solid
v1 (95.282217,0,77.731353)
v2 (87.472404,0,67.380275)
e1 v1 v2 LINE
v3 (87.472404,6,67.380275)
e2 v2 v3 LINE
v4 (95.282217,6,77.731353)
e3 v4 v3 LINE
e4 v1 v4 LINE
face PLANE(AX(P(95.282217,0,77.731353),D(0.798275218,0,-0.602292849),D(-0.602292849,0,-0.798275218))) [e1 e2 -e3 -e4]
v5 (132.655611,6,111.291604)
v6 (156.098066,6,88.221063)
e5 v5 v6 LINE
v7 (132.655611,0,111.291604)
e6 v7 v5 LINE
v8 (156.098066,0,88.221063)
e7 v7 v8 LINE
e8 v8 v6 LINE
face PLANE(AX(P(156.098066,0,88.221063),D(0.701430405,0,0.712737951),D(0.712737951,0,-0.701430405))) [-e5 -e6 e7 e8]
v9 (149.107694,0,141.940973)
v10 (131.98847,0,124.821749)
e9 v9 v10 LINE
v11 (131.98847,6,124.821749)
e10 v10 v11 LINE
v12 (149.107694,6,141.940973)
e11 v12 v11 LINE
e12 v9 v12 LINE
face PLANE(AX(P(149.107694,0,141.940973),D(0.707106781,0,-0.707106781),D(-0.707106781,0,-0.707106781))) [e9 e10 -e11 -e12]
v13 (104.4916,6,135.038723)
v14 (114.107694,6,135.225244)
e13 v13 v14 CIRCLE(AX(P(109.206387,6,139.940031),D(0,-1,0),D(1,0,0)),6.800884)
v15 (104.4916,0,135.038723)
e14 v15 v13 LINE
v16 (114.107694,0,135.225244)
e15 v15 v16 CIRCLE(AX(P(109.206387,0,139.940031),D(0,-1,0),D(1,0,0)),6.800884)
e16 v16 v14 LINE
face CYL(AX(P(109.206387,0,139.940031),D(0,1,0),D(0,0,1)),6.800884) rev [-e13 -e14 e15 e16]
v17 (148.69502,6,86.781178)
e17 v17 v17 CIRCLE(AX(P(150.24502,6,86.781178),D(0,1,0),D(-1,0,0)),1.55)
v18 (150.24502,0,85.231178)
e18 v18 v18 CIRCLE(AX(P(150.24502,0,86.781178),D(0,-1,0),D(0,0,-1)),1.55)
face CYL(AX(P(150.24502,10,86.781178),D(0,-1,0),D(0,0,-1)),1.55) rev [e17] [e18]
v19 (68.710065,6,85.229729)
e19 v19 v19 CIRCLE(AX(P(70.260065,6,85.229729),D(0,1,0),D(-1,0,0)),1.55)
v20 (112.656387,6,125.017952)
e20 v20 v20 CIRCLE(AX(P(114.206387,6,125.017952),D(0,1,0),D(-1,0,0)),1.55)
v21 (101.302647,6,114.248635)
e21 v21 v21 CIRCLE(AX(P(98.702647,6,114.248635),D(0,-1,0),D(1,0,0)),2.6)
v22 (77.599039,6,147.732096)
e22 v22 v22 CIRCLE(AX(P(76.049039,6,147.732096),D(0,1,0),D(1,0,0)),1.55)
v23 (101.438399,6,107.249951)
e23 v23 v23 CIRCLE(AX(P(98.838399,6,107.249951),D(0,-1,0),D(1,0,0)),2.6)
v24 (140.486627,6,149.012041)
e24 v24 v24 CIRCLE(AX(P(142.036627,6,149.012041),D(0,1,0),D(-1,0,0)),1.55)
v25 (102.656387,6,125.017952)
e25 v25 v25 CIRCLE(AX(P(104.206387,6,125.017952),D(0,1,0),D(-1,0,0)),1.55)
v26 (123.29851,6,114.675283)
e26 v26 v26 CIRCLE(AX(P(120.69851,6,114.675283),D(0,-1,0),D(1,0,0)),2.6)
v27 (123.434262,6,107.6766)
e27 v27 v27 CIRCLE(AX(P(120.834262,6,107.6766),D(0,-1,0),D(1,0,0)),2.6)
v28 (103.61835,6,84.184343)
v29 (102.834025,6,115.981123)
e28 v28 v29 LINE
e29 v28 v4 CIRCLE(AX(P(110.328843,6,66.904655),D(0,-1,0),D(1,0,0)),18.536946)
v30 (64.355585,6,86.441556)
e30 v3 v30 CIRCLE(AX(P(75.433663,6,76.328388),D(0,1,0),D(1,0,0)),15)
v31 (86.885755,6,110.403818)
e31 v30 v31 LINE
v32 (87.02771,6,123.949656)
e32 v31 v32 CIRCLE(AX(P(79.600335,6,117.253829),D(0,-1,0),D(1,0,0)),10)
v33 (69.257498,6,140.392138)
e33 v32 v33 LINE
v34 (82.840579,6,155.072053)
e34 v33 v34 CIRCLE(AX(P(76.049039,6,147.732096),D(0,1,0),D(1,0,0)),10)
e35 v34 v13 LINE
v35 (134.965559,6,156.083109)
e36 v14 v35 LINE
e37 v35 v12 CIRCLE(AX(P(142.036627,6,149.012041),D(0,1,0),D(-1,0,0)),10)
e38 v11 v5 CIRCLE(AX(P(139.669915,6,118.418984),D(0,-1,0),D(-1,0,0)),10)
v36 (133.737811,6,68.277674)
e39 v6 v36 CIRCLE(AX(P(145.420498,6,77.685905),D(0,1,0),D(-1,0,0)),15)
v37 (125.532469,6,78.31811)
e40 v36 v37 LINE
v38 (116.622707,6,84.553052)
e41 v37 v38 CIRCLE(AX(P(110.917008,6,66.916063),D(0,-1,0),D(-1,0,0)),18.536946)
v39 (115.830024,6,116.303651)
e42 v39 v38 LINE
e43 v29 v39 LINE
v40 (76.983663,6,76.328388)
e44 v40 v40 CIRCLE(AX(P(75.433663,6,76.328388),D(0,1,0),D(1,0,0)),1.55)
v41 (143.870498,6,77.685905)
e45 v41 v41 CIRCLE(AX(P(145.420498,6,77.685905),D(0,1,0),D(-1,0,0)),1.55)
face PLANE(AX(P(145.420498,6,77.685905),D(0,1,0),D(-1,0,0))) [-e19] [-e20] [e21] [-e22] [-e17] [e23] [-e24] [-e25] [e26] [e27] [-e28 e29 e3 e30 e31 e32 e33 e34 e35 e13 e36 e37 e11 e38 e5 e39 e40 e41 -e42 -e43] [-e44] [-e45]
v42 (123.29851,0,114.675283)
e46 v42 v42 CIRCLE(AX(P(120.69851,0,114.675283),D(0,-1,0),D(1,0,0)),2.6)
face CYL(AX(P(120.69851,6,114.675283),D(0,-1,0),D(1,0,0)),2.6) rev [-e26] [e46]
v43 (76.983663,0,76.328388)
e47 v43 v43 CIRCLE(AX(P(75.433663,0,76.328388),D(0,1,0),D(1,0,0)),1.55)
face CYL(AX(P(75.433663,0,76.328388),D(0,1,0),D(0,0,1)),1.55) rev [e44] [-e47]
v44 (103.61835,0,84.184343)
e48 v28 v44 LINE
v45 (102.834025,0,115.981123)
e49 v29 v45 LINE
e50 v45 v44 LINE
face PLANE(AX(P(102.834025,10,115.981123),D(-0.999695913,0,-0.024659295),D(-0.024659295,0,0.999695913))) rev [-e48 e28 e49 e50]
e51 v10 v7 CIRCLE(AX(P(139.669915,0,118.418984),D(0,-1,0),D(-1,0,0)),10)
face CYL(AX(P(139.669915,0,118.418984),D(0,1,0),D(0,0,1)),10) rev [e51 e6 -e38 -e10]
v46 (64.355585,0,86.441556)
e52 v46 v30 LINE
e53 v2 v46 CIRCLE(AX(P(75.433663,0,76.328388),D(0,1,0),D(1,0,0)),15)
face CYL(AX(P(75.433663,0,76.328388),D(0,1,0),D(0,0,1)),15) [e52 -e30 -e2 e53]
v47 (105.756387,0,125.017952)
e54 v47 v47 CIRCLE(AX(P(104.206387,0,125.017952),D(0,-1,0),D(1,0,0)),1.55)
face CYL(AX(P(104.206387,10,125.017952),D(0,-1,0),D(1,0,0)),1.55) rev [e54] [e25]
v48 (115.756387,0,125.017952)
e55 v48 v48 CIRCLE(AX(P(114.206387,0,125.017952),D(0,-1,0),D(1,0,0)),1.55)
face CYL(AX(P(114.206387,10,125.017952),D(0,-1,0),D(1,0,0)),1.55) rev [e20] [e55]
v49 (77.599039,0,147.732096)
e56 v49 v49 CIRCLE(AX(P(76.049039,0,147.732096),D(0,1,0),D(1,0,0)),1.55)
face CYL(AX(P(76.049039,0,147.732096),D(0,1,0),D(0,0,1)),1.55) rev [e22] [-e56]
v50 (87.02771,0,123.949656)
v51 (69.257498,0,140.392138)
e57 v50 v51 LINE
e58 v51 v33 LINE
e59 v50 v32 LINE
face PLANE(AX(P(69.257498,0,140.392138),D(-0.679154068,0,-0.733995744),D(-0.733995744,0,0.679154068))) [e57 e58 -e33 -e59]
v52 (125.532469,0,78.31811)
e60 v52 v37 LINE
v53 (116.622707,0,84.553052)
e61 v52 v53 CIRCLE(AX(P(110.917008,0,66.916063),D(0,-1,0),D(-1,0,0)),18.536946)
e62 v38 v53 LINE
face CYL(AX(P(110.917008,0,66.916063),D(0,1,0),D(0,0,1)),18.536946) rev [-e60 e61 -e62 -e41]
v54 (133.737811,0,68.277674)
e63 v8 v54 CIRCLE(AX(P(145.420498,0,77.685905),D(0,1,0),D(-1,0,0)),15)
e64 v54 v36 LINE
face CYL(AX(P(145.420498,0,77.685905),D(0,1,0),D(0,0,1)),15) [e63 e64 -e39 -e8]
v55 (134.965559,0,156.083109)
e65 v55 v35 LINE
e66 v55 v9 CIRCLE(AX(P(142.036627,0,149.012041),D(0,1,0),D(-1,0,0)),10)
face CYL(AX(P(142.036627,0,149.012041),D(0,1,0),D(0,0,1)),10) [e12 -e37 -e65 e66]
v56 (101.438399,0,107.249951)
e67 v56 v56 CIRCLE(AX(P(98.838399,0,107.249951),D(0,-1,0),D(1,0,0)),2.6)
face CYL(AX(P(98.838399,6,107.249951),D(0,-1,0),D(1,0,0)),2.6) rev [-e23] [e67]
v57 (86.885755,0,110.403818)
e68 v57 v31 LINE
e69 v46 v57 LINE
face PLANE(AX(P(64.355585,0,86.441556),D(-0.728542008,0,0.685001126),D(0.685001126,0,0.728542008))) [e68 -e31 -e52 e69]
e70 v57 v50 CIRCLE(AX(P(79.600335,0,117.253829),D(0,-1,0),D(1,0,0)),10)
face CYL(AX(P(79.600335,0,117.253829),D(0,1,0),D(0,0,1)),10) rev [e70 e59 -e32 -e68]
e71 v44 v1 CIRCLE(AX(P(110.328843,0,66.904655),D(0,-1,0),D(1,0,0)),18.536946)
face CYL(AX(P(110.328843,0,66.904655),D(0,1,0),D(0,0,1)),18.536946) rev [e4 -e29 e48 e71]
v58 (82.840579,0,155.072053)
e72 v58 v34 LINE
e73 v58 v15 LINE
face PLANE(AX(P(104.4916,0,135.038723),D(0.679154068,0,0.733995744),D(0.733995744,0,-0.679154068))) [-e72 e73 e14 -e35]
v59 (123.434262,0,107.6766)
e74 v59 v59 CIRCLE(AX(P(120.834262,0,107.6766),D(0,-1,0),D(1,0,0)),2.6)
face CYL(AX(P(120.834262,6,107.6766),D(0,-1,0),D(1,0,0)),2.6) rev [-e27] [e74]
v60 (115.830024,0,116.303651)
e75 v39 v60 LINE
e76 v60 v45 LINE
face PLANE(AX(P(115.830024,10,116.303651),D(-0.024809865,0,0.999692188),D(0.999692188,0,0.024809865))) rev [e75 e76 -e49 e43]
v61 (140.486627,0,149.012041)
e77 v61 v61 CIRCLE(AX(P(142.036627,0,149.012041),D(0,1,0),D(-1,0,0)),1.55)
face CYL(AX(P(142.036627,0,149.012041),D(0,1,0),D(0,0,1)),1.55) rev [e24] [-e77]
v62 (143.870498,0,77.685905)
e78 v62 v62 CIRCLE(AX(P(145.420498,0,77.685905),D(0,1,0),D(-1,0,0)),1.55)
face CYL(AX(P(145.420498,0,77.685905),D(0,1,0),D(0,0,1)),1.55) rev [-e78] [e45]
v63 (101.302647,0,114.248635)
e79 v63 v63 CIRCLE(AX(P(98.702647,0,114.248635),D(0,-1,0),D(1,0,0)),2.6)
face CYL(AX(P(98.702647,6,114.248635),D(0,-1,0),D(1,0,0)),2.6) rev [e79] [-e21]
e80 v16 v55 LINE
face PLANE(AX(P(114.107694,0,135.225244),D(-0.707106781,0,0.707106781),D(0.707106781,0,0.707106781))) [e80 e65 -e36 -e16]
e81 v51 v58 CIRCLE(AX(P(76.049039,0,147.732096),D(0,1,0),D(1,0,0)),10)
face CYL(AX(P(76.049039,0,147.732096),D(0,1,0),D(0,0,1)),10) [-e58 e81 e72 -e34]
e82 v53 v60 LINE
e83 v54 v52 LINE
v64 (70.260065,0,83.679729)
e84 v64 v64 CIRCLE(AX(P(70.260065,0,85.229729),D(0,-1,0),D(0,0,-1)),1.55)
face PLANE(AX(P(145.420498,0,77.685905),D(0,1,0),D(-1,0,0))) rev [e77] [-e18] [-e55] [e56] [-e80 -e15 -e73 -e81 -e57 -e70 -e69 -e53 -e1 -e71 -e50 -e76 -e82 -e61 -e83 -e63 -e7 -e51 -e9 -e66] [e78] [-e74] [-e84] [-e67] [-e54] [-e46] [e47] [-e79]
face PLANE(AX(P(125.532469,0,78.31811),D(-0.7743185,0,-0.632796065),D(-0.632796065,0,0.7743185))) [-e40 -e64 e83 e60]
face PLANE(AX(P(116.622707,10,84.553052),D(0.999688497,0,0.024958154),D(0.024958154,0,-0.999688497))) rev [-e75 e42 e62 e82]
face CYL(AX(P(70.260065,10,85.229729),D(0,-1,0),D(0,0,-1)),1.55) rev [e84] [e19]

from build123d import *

# Parameters (mm, degrees)
SZKIC13_R                   = 1.55
DODANIE_WYCI_GNI_CIE3_DEPTH = 6
SZKIC15_R                   = 2.6
WYTNIJ_WYCI_GNI_CIE3_DEPTH  = 226.954786153
SZKIC17_R                   = 1.550000001
WYTNIJ_WYCI_GNI_CIE4_DEPTH  = 10
WYTNIJ_WYCI_GNI_CIE5_START  = -10
WYTNIJ_WYCI_GNI_CIE5_DEPTH  = 10
SZKIC19_R                   = 1.55
WYTNIJ_WYCI_GNI_CIE6_DEPTH  = 10


with BuildPart() as part:
    # Szkic13 → Dodanie-wyciągnięcie3 (new body)
    with BuildSketch(Plane(origin=(79.289240162, 6, 79.289240162), x_dir=(-1, 0, 0), z_dir=(0, 1, 0))):
        with BuildLine():
            Line((-25.202360127, 55.749482984), (-3.551339243, 75.782812897))
            ThreePointArc((-3.551339243, 75.782812897), (10.580158874, 75.234396129), (10.031742107, 61.102898012))
            Line((10.031742107, 61.102898012), (-7.738470336, 44.660415673))
            ThreePointArc((-7.738470336, 44.660415673), (-10.310546151, 37.859798404), (-7.5965153, 31.114577446))
            Line((-7.5965153, 31.114577446), (14.933655573, 7.152316182))
            ThreePointArc((14.933655573, 7.152316182), (13.398314201, -14.533932284), (-8.183163771, -11.908964821))
            Line((-8.183163771, -11.908964821), (-15.992976767, -1.557886957))
            ThreePointArc((-15.992976767, -1.557886957), (-22.556998647, 4.097640789), (-30.974241603, 6.152244974))
            ThreePointArc((-30.974241603, 6.152244974), (-39.464828567, 4.425597836), (-46.243228353, -0.971130216))
            Line((-46.243228353, -0.971130216), (-54.448570559, -11.011566026))
            ThreePointArc((-54.448570559, -11.011566026), (-76.115608669, -12.797652588), (-76.808825852, 8.931822684))
            Line((-76.808825852, 8.931822684), (-53.366371193, 32.002364161))
            ThreePointArc((-53.366371193, 32.002364161), (-50.392809402, 38.637264273), (-52.699229936, 45.532508544))
            Line((-52.699229936, 45.532508544), (-69.818454156, 62.651732764))
            ThreePointArc((-69.818454156, 62.651732764), (-69.818454156, 76.793868387), (-55.676318532, 76.793868387))
            Line((-55.676318532, 76.793868387), (-34.818454156, 55.936004011))
            ThreePointArc((-34.818454156, 55.936004011), (-30.049036911, 53.851185216), (-25.202360127, 55.749482984))
        make_face()
        with Locations((-62.747386344, 69.722800575)):
            Circle(SZKIC13_R, mode=Mode.SUBTRACT)
        with Locations(Location((3.855577347, -2.960852601, 0), (0, 0, 180))):
            Circle(SZKIC13_R, mode=Mode.SUBTRACT)
        with Locations(Location((3.240201432, 68.442855454, 0), (0, 0, 180))):
            Circle(SZKIC13_R, mode=Mode.SUBTRACT)
        with Locations((-66.131258172, -1.603335049)):
            Circle(SZKIC13_R, mode=Mode.SUBTRACT)
    extrude(amount=-DODANIE_WYCI_GNI_CIE3_DEPTH)

    # Szkic15 → Wytnij-wyciągnięcie3 (cut, through all)
    with BuildSketch(Plane(origin=(0, 0, 0), x_dir=(0.707106781186548, 0, 0.7071067811865471), z_dir=(0, -1, 0))):
        with Locations(Location((145.72647023, 5.947865628, 0), (0, 0, 315))):
            Circle(SZKIC15_R)
        with Locations(Location((150.579295842, 10.992673214, 0), (0, 0, 315))):
            Circle(SZKIC15_R)
        with Locations(Location((161.581579785, -9.30387201, 0), (0, 0, 315))):
            Circle(SZKIC15_R)
        with Locations(Location((166.434405397, -4.259064425, 0), (0, 0, 315))):
            Circle(SZKIC15_R)
    extrude(amount=-WYTNIJ_WYCI_GNI_CIE3_DEPTH, mode=Mode.SUBTRACT)

    # Szkic17 → Wytnij-wyciągnięcie4 (cut)
    with BuildSketch(Plane(origin=(0, 0, 0), x_dir=(0.7071067811865479, 0, 0.7071067811865472), z_dir=(0, -1, 0))):
        with Locations(Location((109.947888172, 10.585151125, 0), (0, 0, 225))):
            Circle(SZKIC17_R)
        with Locations(Location((167.602832009, -44.875713015, 0), (0, 0, 225))):
            Circle(SZKIC17_R)
    extrude(amount=-WYTNIJ_WYCI_GNI_CIE4_DEPTH, mode=Mode.SUBTRACT)

    # Szkic18 → Wytnij-wyciągnięcie5 (cut)
    with BuildSketch(Plane.XZ.offset(WYTNIJ_WYCI_GNI_CIE5_START)):
        with BuildLine():
            Line((116.622706822, 84.5530515), (115.830023537, 116.303650978))
            Line((115.830023537, 116.303650978), (102.834025094, 115.981122728))
            Line((102.834025094, 115.981122728), (103.61834975, 84.184343244))
            ThreePointArc((103.61834975, 84.184343244), (106.883098894, 85.118528612), (110.263481765, 85.441485136))
            ThreePointArc((110.263481765, 85.441485136), (113.481855081, 85.274710056), (116.622706822, 84.5530515))
        make_face()
    extrude(amount=WYTNIJ_WYCI_GNI_CIE5_DEPTH, mode=Mode.SUBTRACT)

    # Szkic19 → Wytnij-wyciągnięcie6 (cut)
    with BuildSketch(Plane.XZ):
        with Locations((104.20638679, 125.017952482)):
            Circle(SZKIC19_R)
        with Locations((114.20638679, 125.017952482)):
            Circle(SZKIC19_R)
    extrude(amount=-WYTNIJ_WYCI_GNI_CIE6_DEPTH, mode=Mode.SUBTRACT)


solid = part.part
